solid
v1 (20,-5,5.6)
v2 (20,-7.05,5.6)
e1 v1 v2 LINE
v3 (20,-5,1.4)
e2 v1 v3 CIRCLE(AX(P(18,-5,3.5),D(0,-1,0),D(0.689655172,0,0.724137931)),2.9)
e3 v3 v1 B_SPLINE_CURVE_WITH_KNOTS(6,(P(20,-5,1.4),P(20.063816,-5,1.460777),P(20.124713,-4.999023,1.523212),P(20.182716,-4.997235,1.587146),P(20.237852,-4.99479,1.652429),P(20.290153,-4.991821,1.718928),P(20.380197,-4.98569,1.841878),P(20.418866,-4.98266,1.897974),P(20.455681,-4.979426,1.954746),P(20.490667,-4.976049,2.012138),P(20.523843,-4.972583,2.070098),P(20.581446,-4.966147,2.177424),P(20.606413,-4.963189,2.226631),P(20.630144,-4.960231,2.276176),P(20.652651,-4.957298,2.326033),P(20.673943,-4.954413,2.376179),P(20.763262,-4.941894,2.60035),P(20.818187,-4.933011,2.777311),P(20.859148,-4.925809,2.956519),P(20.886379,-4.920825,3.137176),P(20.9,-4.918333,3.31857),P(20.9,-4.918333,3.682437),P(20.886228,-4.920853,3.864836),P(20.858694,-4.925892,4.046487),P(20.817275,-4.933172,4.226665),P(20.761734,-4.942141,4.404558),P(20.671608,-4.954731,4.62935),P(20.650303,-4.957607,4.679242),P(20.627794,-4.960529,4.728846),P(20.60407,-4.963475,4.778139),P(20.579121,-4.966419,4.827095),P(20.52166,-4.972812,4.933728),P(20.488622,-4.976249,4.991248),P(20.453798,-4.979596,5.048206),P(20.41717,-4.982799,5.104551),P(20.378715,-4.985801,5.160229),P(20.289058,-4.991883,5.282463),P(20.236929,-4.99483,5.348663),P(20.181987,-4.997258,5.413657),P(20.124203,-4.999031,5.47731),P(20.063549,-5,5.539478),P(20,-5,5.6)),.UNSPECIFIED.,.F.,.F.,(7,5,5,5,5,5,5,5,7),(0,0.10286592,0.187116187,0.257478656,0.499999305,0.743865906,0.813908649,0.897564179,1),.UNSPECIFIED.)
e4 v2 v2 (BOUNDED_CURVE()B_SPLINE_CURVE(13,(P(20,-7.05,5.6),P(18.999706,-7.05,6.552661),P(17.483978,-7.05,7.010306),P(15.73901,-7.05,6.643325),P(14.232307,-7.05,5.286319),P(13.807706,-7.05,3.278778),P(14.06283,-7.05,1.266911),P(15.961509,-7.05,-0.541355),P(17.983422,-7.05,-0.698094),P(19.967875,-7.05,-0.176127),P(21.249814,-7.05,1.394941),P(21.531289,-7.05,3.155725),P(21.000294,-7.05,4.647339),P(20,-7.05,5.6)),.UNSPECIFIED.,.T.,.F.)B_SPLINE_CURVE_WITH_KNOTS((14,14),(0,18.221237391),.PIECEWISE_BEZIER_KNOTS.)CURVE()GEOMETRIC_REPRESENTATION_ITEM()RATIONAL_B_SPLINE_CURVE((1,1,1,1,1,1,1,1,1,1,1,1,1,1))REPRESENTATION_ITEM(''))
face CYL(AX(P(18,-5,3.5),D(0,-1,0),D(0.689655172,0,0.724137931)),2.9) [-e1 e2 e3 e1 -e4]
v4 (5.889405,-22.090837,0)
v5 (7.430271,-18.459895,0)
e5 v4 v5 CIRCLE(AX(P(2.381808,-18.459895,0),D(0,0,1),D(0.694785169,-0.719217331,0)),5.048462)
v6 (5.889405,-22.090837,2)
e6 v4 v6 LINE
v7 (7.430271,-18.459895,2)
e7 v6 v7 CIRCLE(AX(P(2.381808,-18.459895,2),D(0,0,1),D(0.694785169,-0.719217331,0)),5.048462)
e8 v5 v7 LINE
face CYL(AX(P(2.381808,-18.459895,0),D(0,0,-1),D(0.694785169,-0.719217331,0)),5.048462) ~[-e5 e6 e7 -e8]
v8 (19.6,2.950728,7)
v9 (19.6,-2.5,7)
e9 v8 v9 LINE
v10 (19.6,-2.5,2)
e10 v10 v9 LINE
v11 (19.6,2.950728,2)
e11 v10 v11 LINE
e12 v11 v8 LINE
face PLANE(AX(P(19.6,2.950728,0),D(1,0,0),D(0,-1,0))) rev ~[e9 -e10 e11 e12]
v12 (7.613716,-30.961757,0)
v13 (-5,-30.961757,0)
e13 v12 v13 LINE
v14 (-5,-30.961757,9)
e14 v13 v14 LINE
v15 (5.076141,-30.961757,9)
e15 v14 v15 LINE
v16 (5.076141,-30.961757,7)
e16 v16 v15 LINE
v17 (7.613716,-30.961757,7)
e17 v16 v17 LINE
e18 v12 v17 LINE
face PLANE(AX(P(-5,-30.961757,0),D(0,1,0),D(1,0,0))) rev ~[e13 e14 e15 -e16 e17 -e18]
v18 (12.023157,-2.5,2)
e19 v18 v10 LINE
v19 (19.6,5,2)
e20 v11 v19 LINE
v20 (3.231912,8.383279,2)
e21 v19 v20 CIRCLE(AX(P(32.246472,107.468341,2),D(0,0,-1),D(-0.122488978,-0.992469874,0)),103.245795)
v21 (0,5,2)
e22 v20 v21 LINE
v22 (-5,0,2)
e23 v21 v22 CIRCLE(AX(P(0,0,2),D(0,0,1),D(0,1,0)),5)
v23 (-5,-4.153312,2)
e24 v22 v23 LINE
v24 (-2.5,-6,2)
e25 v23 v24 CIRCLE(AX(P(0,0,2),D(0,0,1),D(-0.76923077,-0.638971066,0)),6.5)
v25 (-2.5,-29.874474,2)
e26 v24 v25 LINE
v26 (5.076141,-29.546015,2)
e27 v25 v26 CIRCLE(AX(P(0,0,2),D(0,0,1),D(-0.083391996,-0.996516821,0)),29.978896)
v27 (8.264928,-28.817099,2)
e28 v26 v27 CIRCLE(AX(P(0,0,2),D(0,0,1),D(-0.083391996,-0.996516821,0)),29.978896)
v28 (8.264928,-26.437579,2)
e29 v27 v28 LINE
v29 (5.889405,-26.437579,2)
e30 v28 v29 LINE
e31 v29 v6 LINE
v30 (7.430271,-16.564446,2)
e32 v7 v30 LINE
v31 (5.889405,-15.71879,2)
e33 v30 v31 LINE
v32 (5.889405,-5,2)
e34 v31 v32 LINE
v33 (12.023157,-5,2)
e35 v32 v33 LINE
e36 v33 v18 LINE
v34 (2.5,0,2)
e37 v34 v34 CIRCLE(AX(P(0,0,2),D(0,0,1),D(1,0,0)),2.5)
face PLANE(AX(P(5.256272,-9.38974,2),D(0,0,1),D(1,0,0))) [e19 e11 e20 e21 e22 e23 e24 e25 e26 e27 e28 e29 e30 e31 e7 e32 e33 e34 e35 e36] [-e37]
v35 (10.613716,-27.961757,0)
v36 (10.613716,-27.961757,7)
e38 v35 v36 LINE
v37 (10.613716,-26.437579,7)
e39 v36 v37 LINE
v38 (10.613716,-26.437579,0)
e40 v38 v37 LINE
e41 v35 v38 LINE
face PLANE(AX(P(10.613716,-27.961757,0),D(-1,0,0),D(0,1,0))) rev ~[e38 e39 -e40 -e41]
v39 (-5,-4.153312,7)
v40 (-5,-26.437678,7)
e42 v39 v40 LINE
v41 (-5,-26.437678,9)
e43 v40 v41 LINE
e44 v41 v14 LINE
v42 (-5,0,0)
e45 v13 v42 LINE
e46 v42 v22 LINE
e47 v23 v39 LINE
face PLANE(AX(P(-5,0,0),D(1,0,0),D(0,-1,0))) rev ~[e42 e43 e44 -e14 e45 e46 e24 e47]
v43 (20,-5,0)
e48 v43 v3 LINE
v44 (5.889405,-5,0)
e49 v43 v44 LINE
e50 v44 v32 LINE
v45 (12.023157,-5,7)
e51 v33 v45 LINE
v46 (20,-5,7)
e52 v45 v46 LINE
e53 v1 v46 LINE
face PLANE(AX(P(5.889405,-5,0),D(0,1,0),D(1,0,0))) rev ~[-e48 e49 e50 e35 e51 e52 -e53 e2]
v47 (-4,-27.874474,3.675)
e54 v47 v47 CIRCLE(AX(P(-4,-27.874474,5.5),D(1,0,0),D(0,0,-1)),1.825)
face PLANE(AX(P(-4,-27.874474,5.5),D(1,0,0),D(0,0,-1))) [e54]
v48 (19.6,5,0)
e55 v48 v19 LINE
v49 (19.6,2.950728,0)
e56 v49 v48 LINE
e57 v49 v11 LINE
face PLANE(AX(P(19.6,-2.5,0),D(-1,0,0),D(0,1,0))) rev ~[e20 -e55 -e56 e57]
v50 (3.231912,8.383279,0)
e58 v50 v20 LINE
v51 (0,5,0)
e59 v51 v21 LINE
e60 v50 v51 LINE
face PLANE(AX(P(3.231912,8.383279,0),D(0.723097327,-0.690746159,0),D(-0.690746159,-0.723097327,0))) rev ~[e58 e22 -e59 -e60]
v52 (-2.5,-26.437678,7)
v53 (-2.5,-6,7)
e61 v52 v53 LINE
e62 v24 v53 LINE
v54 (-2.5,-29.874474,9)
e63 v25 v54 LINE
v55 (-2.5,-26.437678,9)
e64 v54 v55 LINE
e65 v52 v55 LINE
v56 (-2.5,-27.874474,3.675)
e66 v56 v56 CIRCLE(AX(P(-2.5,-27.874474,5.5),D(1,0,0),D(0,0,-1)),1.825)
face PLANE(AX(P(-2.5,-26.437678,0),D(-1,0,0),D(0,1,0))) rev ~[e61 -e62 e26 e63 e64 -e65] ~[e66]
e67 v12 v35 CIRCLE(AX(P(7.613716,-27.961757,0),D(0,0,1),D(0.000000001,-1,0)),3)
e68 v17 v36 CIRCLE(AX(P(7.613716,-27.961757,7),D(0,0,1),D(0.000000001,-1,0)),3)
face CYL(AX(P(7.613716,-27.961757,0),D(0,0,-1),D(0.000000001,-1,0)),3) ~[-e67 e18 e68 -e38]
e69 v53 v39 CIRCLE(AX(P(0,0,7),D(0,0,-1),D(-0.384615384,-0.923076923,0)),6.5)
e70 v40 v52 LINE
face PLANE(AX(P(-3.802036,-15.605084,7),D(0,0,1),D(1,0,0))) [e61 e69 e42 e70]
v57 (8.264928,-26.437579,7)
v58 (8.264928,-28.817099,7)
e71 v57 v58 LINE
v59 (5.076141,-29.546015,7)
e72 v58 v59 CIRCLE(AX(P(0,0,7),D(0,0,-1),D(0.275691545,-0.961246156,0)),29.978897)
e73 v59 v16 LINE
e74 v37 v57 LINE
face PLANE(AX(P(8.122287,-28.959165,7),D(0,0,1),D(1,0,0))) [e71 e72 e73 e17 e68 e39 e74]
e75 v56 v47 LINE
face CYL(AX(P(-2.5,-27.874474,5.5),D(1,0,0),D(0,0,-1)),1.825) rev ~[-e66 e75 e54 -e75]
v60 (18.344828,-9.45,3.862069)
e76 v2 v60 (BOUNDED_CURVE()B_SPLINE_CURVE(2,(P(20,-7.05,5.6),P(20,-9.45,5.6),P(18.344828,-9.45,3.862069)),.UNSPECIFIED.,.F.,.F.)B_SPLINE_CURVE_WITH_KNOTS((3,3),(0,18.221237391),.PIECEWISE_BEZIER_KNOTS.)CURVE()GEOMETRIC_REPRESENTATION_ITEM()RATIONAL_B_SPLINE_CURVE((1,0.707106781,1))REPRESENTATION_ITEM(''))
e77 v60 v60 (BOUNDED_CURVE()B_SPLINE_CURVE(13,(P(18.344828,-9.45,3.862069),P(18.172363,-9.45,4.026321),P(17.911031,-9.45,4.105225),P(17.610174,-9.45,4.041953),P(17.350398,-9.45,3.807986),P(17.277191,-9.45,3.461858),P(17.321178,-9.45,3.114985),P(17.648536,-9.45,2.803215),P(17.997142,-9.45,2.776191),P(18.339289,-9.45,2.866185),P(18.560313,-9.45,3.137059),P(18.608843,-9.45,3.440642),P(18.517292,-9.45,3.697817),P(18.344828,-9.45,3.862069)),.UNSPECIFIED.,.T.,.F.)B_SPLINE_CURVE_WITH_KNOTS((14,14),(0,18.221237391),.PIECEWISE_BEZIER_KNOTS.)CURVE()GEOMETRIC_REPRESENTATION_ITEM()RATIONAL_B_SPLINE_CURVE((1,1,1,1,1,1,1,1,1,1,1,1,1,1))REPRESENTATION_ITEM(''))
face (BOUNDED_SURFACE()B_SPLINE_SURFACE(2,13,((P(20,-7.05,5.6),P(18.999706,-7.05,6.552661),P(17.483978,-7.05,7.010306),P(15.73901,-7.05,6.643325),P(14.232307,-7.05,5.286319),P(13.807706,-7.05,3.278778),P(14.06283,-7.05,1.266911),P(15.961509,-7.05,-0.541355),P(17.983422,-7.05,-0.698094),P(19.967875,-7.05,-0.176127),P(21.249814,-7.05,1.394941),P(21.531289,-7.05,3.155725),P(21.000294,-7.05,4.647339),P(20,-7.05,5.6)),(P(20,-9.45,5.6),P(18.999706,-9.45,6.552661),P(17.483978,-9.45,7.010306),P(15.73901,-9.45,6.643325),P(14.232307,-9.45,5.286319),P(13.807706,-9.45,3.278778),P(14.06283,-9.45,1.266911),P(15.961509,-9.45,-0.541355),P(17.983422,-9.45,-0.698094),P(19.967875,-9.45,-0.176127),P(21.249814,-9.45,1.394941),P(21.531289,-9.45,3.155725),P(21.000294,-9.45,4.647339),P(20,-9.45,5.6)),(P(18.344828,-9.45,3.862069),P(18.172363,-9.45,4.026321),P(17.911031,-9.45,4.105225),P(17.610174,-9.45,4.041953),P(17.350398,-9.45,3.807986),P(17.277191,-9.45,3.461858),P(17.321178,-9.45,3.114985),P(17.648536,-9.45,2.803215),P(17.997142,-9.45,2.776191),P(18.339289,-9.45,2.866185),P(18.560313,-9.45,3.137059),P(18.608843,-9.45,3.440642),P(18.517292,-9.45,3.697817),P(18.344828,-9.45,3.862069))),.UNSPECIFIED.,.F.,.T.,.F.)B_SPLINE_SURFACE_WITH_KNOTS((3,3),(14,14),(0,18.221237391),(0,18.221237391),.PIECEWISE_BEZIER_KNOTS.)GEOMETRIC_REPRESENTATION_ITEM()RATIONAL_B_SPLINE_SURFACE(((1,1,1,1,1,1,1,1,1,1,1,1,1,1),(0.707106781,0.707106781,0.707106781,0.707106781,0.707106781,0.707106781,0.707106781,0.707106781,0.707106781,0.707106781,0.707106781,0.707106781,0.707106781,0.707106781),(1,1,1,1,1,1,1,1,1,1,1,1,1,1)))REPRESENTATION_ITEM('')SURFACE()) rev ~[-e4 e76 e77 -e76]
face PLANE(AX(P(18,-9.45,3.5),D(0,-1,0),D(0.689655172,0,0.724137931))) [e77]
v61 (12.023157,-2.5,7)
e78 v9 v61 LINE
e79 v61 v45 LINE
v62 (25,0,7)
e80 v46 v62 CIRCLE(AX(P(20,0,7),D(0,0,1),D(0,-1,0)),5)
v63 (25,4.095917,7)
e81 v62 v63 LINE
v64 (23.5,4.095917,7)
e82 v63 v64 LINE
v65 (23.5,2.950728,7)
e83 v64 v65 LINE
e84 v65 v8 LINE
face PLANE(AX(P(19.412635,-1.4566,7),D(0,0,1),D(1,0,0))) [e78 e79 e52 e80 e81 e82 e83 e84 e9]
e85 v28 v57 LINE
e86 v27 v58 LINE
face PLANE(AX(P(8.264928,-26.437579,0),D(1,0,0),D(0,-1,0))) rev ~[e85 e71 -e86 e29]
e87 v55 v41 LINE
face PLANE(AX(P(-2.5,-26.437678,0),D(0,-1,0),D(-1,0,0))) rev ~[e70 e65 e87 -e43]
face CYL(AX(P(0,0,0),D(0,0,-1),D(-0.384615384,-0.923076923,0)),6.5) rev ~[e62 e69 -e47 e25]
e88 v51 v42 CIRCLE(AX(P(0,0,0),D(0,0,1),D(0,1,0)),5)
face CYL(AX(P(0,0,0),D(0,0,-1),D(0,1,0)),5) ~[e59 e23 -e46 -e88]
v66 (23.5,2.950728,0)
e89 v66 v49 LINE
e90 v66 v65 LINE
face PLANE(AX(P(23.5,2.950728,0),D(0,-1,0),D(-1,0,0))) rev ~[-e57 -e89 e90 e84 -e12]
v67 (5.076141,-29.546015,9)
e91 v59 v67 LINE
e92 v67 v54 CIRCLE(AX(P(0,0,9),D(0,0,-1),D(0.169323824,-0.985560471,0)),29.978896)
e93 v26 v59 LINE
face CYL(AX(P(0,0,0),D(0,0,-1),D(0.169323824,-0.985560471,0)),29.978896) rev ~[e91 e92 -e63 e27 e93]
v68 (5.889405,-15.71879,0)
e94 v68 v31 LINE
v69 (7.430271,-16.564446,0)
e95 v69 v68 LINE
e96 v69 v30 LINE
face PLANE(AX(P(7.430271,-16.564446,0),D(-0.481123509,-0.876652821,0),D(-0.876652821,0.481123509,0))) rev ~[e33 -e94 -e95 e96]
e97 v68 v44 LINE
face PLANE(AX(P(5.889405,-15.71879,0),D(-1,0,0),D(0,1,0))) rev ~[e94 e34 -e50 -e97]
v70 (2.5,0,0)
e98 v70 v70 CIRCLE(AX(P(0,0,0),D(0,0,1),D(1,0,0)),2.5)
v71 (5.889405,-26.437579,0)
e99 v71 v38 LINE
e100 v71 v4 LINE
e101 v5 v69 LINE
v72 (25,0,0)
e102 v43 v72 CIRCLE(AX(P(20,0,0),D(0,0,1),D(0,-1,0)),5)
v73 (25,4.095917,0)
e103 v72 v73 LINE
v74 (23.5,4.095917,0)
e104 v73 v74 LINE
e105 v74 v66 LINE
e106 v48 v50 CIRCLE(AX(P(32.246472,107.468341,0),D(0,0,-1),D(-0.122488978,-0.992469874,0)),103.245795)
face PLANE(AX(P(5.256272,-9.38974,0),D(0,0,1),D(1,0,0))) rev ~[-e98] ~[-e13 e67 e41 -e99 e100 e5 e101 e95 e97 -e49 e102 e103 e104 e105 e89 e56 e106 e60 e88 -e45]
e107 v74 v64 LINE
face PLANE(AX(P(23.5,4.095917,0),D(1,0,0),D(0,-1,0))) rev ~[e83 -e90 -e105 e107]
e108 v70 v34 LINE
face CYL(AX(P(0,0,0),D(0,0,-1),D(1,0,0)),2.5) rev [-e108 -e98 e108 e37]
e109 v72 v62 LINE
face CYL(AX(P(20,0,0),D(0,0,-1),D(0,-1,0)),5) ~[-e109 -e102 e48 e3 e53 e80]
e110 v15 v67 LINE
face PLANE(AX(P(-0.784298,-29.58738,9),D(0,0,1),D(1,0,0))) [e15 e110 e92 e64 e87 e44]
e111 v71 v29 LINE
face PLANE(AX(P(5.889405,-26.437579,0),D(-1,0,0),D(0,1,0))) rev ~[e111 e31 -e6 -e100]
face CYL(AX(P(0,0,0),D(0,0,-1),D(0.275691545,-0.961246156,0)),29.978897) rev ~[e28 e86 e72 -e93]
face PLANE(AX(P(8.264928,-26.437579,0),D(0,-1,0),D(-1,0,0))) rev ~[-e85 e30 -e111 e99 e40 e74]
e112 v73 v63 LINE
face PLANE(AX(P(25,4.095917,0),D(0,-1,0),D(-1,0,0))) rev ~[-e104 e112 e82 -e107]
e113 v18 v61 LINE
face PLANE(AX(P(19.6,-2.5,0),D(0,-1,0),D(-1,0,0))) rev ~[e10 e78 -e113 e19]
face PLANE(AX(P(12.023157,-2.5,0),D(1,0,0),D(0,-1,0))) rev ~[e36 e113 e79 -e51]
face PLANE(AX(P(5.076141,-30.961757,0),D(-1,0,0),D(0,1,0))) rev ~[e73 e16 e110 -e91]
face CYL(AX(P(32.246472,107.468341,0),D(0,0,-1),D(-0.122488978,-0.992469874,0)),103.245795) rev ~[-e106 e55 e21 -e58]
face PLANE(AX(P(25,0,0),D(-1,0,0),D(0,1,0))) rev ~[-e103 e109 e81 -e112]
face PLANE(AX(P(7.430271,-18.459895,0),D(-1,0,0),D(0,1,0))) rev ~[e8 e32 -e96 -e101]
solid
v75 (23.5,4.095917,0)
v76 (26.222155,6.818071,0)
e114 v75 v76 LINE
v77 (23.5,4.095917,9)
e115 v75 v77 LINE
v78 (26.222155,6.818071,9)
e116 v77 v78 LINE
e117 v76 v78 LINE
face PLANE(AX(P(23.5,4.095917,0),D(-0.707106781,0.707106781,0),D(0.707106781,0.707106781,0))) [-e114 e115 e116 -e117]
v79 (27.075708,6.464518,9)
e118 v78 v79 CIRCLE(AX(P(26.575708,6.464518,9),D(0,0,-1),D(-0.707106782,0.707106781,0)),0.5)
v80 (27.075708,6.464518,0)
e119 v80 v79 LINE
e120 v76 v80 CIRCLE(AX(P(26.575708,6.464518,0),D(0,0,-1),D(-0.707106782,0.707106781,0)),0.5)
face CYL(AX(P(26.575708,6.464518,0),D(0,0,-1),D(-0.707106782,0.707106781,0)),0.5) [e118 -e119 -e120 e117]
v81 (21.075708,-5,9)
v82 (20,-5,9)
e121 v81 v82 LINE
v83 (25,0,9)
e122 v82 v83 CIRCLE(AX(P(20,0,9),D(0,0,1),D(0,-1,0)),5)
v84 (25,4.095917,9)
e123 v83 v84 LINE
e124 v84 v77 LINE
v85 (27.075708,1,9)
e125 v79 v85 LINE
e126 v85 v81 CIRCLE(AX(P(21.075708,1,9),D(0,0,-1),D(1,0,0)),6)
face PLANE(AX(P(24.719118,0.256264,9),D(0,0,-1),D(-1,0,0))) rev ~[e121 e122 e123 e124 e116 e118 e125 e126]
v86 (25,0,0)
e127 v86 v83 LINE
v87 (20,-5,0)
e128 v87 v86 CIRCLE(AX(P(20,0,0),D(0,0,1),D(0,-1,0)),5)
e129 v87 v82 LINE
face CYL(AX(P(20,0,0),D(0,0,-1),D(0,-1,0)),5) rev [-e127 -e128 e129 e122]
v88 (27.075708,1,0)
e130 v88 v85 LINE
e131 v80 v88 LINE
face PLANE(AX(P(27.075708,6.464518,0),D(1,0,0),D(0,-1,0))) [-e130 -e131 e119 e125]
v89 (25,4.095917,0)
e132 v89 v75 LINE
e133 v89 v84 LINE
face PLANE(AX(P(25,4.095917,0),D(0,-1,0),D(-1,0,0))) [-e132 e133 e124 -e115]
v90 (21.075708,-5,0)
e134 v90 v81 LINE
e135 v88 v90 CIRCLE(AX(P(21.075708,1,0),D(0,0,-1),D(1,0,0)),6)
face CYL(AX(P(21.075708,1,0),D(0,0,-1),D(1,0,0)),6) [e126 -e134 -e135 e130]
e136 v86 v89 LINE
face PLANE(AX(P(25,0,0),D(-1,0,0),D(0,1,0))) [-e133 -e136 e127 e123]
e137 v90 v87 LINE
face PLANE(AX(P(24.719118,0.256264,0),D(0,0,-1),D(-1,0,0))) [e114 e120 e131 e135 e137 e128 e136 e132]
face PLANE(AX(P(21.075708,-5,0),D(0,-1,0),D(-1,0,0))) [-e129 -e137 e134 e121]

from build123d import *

# Parameters (mm, degrees)
EXTRUDE_3_DEPTH     = 9
EXTRUDE_3_2_DEPTH   = 9
EXTRUDE_4_DEPTH     = 7
SKETCH_1_8_R        = 2.5
EXTRUDE_5_DEPTH     = 2
SKETCH_2_R          = 2.9
EXTRUDE_6_DEPTH     = 2.45
SKETCH_4_R          = 2.9
EXTRUDE_7_DEPTH     = 2
FILLET_2_R          = 2.4
SKETCH_5_R          = 1.825
CUT_EXTRUDE_1_DEPTH = 1.5


with BuildPart() as part:
    # 스케치1 → 보스-돌출3 (new body)
    with BuildSketch(Plane.XY):
        with BuildLine():
            Line((-2.5, -26.437677825), (-5, -26.437677825))
            Line((-5, -26.437677825), (-5, -30.96175738))
            Line((-5, -30.96175738), (5.076141326, -30.96175738))
            Line((5.076141326, -30.96175738), (5.076141326, -29.54601506))
            ThreePointArc((5.076141326, -29.54601506), (1.298498135, -29.950761581), (-2.5, -29.874474333))
            Line((-2.5, -29.874474333), (-2.5, -26.437677825))
        make_face()
    extrude(amount=EXTRUDE_3_DEPTH)

    # 스케치1<7> → 보스-돌출4 (add)
    with BuildSketch(Plane.XY):
        with BuildLine():
            Line((23.5, 2.950728465), (19.6, 2.950728465))
            Line((19.6, 2.950728465), (19.6, -2.5))
            Line((19.6, -2.5), (12.023157318, -2.5))
            Line((12.023157318, -2.5), (12.023157318, -5))
            Line((12.023157318, -5), (20, -5))
            ThreePointArc((20, -5), (23.535533906, -3.535533906), (25, 0))
            Line((25, 0), (25, 4.09591659))
            Line((25, 4.09591659), (23.5, 4.09591659))
            Line((23.5, 4.09591659), (23.5, 2.950728465))
        make_face()
        with BuildLine():
            ThreePointArc((-2.5, -6), (-3.862002616, -5.228282299), (-5, -4.153311931))
            Line((-5, -4.153311931), (-5, -26.437677825))
            Line((-5, -26.437677825), (-2.5, -26.437677825))
            Line((-2.5, -26.437677825), (-2.5, -6))
        make_face()
        with BuildLine():
            Line((5.076141326, -29.54601506), (5.076141326, -30.96175738))
            Line((5.076141326, -30.96175738), (7.613716386, -30.96175738))
            ThreePointArc((7.613716386, -30.96175738), (9.735036729, -30.083077723), (10.613716386, -27.96175738))
            Line((10.613716386, -27.96175738), (10.613716386, -26.437579436))
            Line((10.613716386, -26.437579436), (8.264928228, -26.437579436))
            Line((8.264928228, -26.437579436), (8.264928228, -28.81709871))
            ThreePointArc((8.264928228, -28.81709871), (6.680483813, -29.225080884), (5.076141326, -29.54601506))
        make_face()
    extrude(amount=EXTRUDE_4_DEPTH)


with BuildPart() as body_2:
    # 스케치1 → Extrude 3 2 (new body)
    with BuildSketch(Plane.XY):
        with BuildLine():
            Line((26.22215467, 6.81807126), (23.5, 4.09591659))
            Line((23.5, 4.09591659), (25, 4.09591659))
            Line((25, 4.09591659), (25, 0))
            ThreePointArc((25, 0), (23.535533906, -3.535533906), (20, -5))
            Line((20, -5), (21.075708061, -5))
            ThreePointArc((21.075708061, -5), (25.318348748, -3.242640687), (27.075708061, 1))
            Line((27.075708061, 1), (27.075708061, 6.46451787))
            ThreePointArc((27.075708061, 6.46451787), (26.767049777, 6.926457636), (26.22215467, 6.81807126))
        make_face()
    extrude(amount=EXTRUDE_3_2_DEPTH)


with BuildPart() as extrude_4_piece_1:
    # of the separate pieces the step leaves, piece 1, a body of its own (extrude_4_pieces)
    add(part.part.solids().sort_by_distance((-2.5, -29.874474333, 0))[0])



with BuildPart() as extrude_4_piece_2:
    # of the separate pieces the step leaves, piece 2, a body of its own (extrude_4_pieces)
    add(part.part.solids().sort_by_distance((23.5, 2.950728465, 0))[0])


with BuildPart() as extrude_4_piece_1_1:
    add(extrude_4_piece_1.part)

    add(extrude_4_piece_2.part)  # 보스-돌출5 merges 보스-돌출4 piece 2
    # 스케치1<8> → 보스-돌출5 (add)
    with BuildSketch(Plane.XY):
        with BuildLine():
            Line((3.231912185, 8.38327913), (0, 5))
            ThreePointArc((0, 5), (-3.535533906, 3.535533906), (-5, 0))
            Line((-5, 0), (-5, -4.153311931))
            ThreePointArc((-5, -4.153311931), (-3.862002616, -5.228282299), (-2.5, -6))
            Line((-2.5, -6), (-2.5, -29.874474333))
            ThreePointArc((-2.5, -29.874474333), (2.93054776, -29.83531643), (8.264928228, -28.81709871))
            Line((8.264928228, -28.81709871), (8.264928228, -26.437579436))
            Line((8.264928228, -26.437579436), (5.889404941, -26.437579436))
            Line((5.889404941, -26.437579436), (5.889404941, -22.090836604))
            ThreePointArc((5.889404941, -22.090836604), (7.029116149, -20.43207672), (7.430270561, -18.459894902))
            Line((7.430270561, -18.459894902), (7.430270561, -16.564445668))
            Line((7.430270561, -16.564445668), (5.889404941, -15.718789718))
            Line((5.889404941, -15.718789718), (5.889404941, -5))
            Line((5.889404941, -5), (12.023157318, -5))
            Line((12.023157318, -5), (12.023157318, -2.5))
            Line((12.023157318, -2.5), (19.6, -2.5))
            Line((19.6, -2.5), (19.6, 5))
            ThreePointArc((19.6, 5), (11.347380216, 6.359873864), (3.231912185, 8.38327913))
        make_face()
        Circle(SKETCH_1_8_R, mode=Mode.SUBTRACT)
    extrude(amount=EXTRUDE_5_DEPTH)

    # 스케치2 → 보스-돌출6 (add, symmetric)
    with BuildSketch(Plane.XZ.offset(5)):
        with Locations((18, 3.5)):
            Circle(SKETCH_2_R)
    extrude(amount=EXTRUDE_6_DEPTH, both=True)

    # 스케치4 → 보스-돌출7 (add)
    with BuildSketch(Plane.XZ.offset(7.45)):
        with Locations((18, 3.5)):
            Circle(SKETCH_4_R)
    extrude(amount=EXTRUDE_7_DEPTH)

    # 필렛2
    fillet_2_edges = [extrude_4_piece_1_1.edges().sort_by_distance(p)[0] for p in [
        (15.1, -9.45, 3.5),
    ]]
    fillet(fillet_2_edges, radius=FILLET_2_R)

    # 스케치5 → 컷-돌출1 (cut)
    with BuildSketch(Plane(origin=(-2.5, 0, 0), x_dir=(0, 0, -1), z_dir=(1, 0, 0))):
        with Locations((-5.5, -27.874474333)):
            Circle(SKETCH_5_R)
    extrude(amount=-CUT_EXTRUDE_1_DEPTH, mode=Mode.SUBTRACT)


solid = Compound([body_2.part, extrude_4_piece_1_1.part])
